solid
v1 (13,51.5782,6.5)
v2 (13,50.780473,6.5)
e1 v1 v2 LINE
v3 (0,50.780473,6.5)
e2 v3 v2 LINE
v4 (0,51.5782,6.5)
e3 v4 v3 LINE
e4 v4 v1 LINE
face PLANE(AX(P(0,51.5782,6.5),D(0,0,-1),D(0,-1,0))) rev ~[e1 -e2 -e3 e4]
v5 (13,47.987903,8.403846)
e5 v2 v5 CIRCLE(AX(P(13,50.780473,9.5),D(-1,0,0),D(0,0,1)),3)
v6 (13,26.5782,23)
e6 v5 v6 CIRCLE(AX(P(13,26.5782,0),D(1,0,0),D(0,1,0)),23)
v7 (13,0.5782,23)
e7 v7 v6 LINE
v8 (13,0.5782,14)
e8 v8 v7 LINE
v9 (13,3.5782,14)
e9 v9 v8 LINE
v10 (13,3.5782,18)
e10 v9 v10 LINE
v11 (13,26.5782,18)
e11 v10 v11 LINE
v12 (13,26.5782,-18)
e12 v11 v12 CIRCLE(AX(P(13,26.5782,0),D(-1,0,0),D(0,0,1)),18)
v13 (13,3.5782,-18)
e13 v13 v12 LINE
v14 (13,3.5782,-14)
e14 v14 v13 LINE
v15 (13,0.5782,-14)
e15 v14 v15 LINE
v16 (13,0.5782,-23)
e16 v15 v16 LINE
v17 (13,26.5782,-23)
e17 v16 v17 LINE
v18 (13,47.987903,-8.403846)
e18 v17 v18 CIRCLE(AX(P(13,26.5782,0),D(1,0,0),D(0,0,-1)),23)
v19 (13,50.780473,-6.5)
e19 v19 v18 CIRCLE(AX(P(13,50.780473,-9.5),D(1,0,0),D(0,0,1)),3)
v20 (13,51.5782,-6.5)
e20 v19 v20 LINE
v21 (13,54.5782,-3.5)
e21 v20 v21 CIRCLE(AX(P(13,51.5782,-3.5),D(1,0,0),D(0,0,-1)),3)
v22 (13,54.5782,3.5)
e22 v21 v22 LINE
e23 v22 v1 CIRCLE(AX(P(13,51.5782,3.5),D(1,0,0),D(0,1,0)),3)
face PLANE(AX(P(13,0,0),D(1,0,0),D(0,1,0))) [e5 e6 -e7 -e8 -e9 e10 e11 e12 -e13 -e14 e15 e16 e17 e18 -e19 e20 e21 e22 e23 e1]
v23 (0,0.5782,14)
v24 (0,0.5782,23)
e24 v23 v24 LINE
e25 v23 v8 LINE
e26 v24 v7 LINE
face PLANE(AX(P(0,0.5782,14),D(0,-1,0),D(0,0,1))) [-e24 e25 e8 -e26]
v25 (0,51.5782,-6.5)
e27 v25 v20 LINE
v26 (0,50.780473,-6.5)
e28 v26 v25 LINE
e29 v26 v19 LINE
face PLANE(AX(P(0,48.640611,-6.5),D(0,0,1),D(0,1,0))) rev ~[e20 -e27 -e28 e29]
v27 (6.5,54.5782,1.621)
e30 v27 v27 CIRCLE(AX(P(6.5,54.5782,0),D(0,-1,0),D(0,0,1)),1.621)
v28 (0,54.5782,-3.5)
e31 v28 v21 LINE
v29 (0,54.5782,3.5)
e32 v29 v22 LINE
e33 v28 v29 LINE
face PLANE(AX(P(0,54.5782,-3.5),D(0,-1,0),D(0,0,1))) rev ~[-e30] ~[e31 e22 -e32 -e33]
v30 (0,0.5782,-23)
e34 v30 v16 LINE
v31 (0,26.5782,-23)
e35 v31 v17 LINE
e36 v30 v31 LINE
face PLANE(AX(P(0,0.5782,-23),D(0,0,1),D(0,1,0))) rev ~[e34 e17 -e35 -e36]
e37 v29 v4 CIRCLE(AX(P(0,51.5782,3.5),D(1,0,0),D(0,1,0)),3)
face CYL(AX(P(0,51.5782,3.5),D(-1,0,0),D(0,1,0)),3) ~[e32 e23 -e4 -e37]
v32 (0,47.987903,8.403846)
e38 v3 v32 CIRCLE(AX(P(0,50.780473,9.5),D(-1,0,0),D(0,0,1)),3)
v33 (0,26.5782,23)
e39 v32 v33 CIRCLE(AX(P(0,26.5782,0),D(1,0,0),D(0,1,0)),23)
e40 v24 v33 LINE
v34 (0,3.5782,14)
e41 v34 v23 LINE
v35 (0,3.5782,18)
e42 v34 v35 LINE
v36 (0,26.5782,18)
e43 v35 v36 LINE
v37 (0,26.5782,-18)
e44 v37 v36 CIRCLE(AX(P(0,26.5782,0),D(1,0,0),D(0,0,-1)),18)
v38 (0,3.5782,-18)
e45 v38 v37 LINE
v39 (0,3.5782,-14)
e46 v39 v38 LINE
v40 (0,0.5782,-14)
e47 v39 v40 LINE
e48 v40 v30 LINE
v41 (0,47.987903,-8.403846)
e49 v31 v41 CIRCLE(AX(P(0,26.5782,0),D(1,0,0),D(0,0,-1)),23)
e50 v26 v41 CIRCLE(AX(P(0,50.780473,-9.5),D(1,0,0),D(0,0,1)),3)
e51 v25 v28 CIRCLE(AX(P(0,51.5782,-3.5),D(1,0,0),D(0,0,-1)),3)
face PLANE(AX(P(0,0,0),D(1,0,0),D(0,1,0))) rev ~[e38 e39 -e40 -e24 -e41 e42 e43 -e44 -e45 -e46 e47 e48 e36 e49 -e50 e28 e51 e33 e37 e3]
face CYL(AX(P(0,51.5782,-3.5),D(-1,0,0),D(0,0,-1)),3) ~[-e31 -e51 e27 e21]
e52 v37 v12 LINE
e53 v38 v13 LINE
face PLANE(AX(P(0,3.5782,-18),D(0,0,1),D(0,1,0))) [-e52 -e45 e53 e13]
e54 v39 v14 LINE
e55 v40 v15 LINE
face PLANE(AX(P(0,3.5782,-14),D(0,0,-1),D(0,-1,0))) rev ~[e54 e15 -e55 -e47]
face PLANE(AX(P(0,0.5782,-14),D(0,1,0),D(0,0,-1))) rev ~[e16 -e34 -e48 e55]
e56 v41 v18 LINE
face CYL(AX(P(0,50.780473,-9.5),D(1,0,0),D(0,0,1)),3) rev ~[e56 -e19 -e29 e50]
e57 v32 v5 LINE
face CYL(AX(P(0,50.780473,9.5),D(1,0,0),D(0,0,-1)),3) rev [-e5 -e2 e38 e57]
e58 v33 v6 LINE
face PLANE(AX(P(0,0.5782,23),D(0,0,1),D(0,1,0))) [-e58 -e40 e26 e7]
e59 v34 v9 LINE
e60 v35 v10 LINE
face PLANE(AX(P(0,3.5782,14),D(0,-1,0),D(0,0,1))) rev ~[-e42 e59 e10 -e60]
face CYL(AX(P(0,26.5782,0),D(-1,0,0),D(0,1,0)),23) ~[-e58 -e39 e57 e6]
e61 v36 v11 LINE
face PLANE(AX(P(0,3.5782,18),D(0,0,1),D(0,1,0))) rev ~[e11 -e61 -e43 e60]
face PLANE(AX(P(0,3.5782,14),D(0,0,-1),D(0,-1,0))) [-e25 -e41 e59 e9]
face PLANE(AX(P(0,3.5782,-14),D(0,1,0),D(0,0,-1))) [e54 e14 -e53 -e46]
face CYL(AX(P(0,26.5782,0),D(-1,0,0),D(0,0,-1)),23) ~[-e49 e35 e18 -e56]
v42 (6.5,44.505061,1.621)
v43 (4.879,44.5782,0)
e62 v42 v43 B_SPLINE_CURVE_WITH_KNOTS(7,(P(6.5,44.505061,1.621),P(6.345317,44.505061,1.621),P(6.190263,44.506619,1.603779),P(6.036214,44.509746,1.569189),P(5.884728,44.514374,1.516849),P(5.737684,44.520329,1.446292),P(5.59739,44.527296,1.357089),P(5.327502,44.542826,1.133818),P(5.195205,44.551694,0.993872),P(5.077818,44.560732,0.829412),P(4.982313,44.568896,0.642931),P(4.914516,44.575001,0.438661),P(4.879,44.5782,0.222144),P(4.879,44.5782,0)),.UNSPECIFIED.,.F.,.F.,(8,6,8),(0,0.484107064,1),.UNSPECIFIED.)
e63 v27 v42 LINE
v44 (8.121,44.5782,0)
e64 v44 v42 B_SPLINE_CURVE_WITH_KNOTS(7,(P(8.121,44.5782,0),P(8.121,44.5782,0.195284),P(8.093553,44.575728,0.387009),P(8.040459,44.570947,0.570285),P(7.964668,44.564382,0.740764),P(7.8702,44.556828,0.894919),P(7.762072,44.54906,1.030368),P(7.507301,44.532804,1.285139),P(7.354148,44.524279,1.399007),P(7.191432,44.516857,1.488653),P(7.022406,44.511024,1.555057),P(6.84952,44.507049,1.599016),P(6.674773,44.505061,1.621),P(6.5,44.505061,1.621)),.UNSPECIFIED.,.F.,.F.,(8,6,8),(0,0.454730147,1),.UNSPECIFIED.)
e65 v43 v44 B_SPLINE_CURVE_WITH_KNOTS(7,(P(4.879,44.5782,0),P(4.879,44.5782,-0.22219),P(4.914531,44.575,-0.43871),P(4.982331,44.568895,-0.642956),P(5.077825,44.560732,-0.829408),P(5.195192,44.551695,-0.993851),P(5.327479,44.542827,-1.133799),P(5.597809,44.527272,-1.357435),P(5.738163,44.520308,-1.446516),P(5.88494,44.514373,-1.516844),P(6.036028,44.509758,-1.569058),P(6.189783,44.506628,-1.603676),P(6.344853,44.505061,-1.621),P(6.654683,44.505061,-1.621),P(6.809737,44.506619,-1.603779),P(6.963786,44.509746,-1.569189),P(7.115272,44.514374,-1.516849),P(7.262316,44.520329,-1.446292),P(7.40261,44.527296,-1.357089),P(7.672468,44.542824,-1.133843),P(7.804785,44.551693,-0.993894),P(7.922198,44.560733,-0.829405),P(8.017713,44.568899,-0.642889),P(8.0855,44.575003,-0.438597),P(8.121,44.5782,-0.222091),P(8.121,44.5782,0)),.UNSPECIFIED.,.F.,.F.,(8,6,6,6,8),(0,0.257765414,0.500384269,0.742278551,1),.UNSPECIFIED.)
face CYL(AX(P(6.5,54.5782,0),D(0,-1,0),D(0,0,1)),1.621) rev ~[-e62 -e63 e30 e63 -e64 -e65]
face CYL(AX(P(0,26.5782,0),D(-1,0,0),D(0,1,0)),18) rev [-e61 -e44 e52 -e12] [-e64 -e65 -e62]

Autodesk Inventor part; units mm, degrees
ref_plane "YZ Plane" through (0, 0, 0) normal (1, 0, 0) x (0, 1, 0)
ref_plane "XZ Plane" through (0, 0, 0) normal (0, 1, 0) x (-1, 0, 0)
ref_plane "XY Plane" through (0, 0, 0) normal (0, 0, 1) x (1, 0, 0)
sketch "Szkic1" plane through (0, 0, 0) normal (1, 0, 0) x (0, 1, 0)
  line L0 (3.5782, 14) -> (0.5782, 14)
  line L1 (0.5782, 14) -> (0.5782, 23)
  line L2 (0.5782, 23) -> (26.5782, 23)
  arc A0 (49.5782, 0) -> (26.5782, 23) centre (26.5782, 0) ccw
  line L3 (3.5782, 14) -> (3.5782, 18)
  line L4 (3.5782, 18) -> (26.5782, 18)
  arc A1 (44.5782, 0) -> (26.5782, 18) centre (26.5782, 0) ccw
  line L5 (3.5782, -14) -> (0.5782, -14)
  line L6 (0.5782, -14) -> (0.5782, -23)
  line L7 (0.5782, -23) -> (26.5782, -23)
  arc A2 (26.5782, -23) -> (49.5782, 0) centre (26.5782, 0) ccw
  line L8 (3.5782, -14) -> (3.5782, -18)
  line L9 (3.5782, -18) -> (26.5782, -18)
  arc A3 (26.5782, -18) -> (44.5782, 0) centre (26.5782, 0) ccw
  line L10 (51.5782, 6.5) -> (44.5782, 6.5)
  line L11 (44.5782, 6.5) -> (44.5782, -6.5)
  line L12 (44.5782, -6.5) -> (51.5782, -6.5)
  line L13 (54.5782, -3.5) -> (54.5782, 3.5)
  arc A4 (54.5782, 3.5) -> (51.5782, 6.5) centre (51.5782, 3.5) ccw
  arc A5 (51.5782, -6.5) -> (54.5782, -3.5) centre (51.5782, -3.5) ccw
  point P0 (0, 0)
  point P1 (2.0782, 14)
  point P2 (3.5782, 16)
  point P3 (2.0782, -14)
  point P4 (0.5782, 18.5)
  point P5 (48.6406, -6.5)
  point P6 (48.6406, 6.5)
  dimension "d0" = 9
  dimension "d2" = 5
  dimension "d3" = 3
  dimension "d4" = 23
  dimension "d5" = 14
  dimension "d6" = 14
  dimension "d7" = 13
  dimension "d8" = 54
  dimension "d9" = 3
  dimension "d10" = 3
sketch "Szkic2" plane through (0, 0, 0) normal (1, 0, 0) x (0, 1, 0)
  point P0 (0, 0)
extrude "Wyciągnięcie proste1" add sketch "Szkic1" along normal blind 13
fillet "Zaokrąglenie1" radius 3 1 edges at (6.5, 48.6406, -6.5)
fillet "Zaokrąglenie2" radius 3 1 edges at (6.5, 48.6406, 6.5)
sketch "Szkic3" plane through (0, 54.5782, 3.5) normal (0, 1, 0) x (1, 0, 0)
  point P0 (0, 3.5)
  point P1 (6.5, 3.5)
hole "Otwór1" at (6.5, 54.5782, 0) direction (0, -1, 0) diameter 3.242 end through all thread size "M4x0.7" class "6H" standard "ANSI Metric M Profile"
